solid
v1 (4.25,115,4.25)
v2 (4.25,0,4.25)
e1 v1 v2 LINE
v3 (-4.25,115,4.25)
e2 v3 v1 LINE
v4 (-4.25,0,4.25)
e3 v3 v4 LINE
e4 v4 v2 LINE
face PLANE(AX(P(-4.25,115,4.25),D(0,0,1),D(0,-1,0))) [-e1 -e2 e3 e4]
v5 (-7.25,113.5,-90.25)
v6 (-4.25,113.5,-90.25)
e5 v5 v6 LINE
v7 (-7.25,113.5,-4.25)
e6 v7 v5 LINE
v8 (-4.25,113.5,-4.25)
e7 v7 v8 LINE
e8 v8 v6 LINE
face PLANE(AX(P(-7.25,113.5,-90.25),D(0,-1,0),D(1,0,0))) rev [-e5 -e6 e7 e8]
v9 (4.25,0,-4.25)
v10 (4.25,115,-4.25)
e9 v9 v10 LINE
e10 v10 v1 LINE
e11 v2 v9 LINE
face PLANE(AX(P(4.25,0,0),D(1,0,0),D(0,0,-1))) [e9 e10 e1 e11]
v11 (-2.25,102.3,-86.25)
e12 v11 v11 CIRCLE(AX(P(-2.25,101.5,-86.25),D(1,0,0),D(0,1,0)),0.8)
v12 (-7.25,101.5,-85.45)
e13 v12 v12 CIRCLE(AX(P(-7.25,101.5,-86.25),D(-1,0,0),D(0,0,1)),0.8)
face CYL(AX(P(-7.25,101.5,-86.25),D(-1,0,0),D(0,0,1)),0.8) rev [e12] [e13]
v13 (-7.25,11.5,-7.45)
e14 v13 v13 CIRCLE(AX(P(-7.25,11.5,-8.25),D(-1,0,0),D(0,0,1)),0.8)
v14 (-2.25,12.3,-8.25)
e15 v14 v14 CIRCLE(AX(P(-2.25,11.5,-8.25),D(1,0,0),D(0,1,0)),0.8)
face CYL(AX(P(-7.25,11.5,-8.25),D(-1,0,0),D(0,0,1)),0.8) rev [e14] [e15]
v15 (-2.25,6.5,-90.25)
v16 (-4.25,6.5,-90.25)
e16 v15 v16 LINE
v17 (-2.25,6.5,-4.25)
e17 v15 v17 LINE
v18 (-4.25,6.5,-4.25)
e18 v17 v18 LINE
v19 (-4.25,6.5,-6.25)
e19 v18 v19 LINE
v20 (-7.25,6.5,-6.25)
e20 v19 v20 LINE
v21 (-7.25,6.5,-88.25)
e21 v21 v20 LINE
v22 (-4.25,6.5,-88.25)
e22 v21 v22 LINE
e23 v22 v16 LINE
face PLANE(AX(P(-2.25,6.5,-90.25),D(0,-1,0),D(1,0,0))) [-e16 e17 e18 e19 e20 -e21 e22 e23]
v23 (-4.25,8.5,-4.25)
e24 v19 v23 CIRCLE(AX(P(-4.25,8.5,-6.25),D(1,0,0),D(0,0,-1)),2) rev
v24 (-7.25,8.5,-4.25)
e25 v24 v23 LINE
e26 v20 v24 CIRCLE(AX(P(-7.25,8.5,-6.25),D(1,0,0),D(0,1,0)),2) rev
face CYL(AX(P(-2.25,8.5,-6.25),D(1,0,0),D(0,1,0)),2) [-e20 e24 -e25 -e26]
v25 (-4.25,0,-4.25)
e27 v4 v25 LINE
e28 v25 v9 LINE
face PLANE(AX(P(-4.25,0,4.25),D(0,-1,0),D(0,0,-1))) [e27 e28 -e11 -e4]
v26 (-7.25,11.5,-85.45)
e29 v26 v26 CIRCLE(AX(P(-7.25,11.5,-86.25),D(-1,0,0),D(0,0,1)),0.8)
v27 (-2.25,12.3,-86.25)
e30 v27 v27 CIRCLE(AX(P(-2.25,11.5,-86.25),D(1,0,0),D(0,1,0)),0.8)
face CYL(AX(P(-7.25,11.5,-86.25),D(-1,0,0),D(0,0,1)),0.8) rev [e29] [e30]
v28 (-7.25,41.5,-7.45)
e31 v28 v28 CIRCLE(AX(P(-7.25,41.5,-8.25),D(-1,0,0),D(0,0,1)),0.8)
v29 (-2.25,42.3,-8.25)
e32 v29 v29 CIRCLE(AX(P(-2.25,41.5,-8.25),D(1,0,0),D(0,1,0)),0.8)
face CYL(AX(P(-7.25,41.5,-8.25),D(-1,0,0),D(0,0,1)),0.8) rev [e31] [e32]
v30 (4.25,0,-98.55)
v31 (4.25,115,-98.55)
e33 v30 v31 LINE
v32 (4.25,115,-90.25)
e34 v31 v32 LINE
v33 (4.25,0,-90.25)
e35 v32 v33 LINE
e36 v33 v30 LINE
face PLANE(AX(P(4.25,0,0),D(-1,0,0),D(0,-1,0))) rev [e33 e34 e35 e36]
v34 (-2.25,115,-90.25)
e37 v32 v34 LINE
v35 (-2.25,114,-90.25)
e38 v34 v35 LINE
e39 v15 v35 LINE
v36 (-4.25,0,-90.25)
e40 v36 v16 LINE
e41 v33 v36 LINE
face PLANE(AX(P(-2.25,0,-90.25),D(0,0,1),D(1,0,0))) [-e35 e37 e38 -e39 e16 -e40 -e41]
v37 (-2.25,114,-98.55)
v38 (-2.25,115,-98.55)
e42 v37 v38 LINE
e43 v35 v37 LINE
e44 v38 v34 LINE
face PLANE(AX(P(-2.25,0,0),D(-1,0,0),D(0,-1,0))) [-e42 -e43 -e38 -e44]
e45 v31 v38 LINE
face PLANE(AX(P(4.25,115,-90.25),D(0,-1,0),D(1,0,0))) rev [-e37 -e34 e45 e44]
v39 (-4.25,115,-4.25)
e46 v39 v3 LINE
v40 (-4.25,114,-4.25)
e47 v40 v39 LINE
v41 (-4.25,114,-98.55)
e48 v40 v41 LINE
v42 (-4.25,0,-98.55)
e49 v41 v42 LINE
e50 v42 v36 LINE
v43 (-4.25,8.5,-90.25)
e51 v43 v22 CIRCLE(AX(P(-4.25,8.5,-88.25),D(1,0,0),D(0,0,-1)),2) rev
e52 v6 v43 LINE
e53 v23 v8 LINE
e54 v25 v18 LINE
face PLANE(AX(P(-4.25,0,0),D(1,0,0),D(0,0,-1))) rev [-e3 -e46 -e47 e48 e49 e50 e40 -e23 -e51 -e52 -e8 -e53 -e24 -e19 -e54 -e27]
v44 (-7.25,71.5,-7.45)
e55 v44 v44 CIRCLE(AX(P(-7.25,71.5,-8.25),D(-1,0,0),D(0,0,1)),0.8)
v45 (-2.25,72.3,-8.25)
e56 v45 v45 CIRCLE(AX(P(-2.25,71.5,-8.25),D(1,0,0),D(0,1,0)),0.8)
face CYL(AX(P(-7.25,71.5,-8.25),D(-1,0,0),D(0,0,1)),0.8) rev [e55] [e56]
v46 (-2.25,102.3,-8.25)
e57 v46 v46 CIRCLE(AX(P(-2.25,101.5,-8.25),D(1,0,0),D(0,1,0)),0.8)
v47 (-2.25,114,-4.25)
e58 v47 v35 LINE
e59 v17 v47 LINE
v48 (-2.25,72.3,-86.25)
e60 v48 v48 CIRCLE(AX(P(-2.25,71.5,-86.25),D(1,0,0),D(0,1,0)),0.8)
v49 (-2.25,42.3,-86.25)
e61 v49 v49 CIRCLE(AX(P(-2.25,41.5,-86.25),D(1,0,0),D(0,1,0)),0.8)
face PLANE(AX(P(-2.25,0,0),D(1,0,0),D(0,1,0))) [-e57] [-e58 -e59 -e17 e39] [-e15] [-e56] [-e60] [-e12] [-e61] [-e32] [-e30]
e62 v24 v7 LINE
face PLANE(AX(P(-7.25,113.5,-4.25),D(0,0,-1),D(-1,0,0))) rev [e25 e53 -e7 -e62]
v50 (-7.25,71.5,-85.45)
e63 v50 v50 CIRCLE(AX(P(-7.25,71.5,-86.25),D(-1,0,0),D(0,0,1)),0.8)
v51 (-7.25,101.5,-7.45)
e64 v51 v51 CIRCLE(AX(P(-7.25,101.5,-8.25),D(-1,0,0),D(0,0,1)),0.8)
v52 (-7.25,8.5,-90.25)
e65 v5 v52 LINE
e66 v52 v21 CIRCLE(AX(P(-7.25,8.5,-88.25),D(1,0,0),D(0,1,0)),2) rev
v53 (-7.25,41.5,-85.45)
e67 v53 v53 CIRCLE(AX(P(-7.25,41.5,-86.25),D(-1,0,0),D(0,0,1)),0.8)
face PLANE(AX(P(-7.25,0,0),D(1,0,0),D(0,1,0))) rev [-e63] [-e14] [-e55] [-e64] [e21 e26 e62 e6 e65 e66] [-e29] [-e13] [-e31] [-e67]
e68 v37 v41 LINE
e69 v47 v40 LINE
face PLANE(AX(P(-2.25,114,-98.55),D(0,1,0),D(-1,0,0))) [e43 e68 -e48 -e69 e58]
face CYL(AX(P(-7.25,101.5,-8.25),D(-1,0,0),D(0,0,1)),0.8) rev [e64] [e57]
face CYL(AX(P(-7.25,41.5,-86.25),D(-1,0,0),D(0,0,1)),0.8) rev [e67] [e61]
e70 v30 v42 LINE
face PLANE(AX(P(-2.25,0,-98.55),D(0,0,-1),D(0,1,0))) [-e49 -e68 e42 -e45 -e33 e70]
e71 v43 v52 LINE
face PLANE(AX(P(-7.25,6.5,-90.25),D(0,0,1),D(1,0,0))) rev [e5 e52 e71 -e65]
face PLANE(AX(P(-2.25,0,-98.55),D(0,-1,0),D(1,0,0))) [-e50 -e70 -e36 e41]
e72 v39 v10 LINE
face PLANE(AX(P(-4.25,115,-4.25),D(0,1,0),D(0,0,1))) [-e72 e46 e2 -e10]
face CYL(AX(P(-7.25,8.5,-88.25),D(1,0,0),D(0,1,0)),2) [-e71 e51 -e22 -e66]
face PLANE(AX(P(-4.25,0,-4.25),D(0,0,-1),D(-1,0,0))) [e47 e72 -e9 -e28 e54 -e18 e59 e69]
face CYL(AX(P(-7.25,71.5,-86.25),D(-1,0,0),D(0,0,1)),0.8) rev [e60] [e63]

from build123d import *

# Parameters (mm, degrees)
SKETCH1_W             = 8.5
SKETCH1_H             = 115
BOSS_EXTRUDE1_DEPTH   = 8.5
BOSS_EXTRUDE2_DEPTH   = 2
SKETCH3_W             = 8.3
SKETCH3_H             = 115
BOSS_EXTRUDE3_DEPTH   = 6.5
SKETCH4_W             = 86
SKETCH4_H             = 107
BOSS_EXTRUDE4_DEPTH   = 3
SKETCH5_W             = 78
SKETCH5_H             = 99
CUT_EXTRUDE1_DEPTH    = 152.589420805
FILLET2_R             = 3
FILLET12_R            = 2
FILLET13_R            = 2
SKETCH64_W            = 78
SKETCH64_H            = 99
BOSS_EXTRUDE12_DEPTH  = 5
M2X0_4_TAPPED_HOLE1_D = 1.6


with BuildPart() as part:
    # Sketch1 → Boss-Extrude1 (new body)
    with BuildSketch(Plane(origin=(4.25, 0, 0), x_dir=(0, 0, -1), z_dir=(1, 0, 0))):
        with Locations((0, 57.5)):
            Rectangle(SKETCH1_W, SKETCH1_H)
    extrude(amount=-BOSS_EXTRUDE1_DEPTH)

    # Sketch2 → Boss-Extrude2 (add)
    with BuildSketch(Plane(origin=(-4.25, 0, 0), x_dir=(0, -1, 0), z_dir=(-1, 0, 0))):
        Polygon((-6.5, -90.25), (-6.5, -4.25), (-114, -4.25), (-114, -98.55), (0, -98.55), (0, -90.25), align=None)
    extrude(amount=-BOSS_EXTRUDE2_DEPTH)

    # Sketch3 → Boss-Extrude3 (add)
    with BuildSketch(Plane(origin=(-2.25, 0, 0), x_dir=(0, 0, -1), z_dir=(1, 0, 0))):
        with Locations((94.4, 57.5)):
            Rectangle(SKETCH3_W, SKETCH3_H)
    extrude(amount=BOSS_EXTRUDE3_DEPTH)

    # Sketch4 → Boss-Extrude4 (add)
    with BuildSketch(Plane.ZY.offset(4.25)):
        with Locations((-47.25, 60)):
            Rectangle(SKETCH4_W, SKETCH4_H)
    extrude(amount=BOSS_EXTRUDE4_DEPTH)

    # Sketch5 → Cut-Extrude1 (cut, through all)
    with BuildSketch(Plane(origin=(-2.25, 0, 0), x_dir=(0, 0, -1), z_dir=(1, 0, 0))):
        with Locations((47.25, 60)):
            Rectangle(SKETCH5_W, SKETCH5_H)
    extrude(amount=-CUT_EXTRUDE1_DEPTH, mode=Mode.SUBTRACT)

    # Fillet2
    fillet2_edges = [part.edges().sort_by_distance(p)[0] for p in [
        (-4.75, 10.5, -8.25),
        (-4.75, 109.5, -8.25),
        (-4.75, 109.5, -86.25),
        (-4.75, 10.5, -86.25),
    ]]
    fillet(fillet2_edges, radius=FILLET2_R)

    # Fillet12
    fillet12_edges = [part.edges().sort_by_distance(p)[0] for p in [
        (-5.75, 6.5, -90.25),
    ]]
    fillet(fillet12_edges, radius=FILLET12_R)

    # Fillet13
    fillet13_edges = [part.edges().sort_by_distance(p)[0] for p in [
        (-5.75, 6.5, -4.25),
    ]]
    fillet(fillet13_edges, radius=FILLET13_R)

    # Sketch64 → Boss-Extrude12 (add)
    with BuildSketch(Plane(origin=(-2.25, 0, 0), x_dir=(0, 0, -1), z_dir=(1, 0, 0))):
        with Locations((47.25, 60)):
            Rectangle(SKETCH64_W, SKETCH64_H)
    extrude(amount=-BOSS_EXTRUDE12_DEPTH)

    # M2x0.4 Tapped Hole1 (through all)
    with Locations(Plane.ZY.offset(7.25)):
        with Locations((-8.25, 11.5), (-8.25, 41.5), (-8.25, 71.5), (-8.25, 101.5), (-86.25, 11.5), (-86.25, 41.5), (-86.25, 71.5), (-86.25, 101.5)):
            Hole(M2X0_4_TAPPED_HOLE1_D / 2)


solid = part.part
